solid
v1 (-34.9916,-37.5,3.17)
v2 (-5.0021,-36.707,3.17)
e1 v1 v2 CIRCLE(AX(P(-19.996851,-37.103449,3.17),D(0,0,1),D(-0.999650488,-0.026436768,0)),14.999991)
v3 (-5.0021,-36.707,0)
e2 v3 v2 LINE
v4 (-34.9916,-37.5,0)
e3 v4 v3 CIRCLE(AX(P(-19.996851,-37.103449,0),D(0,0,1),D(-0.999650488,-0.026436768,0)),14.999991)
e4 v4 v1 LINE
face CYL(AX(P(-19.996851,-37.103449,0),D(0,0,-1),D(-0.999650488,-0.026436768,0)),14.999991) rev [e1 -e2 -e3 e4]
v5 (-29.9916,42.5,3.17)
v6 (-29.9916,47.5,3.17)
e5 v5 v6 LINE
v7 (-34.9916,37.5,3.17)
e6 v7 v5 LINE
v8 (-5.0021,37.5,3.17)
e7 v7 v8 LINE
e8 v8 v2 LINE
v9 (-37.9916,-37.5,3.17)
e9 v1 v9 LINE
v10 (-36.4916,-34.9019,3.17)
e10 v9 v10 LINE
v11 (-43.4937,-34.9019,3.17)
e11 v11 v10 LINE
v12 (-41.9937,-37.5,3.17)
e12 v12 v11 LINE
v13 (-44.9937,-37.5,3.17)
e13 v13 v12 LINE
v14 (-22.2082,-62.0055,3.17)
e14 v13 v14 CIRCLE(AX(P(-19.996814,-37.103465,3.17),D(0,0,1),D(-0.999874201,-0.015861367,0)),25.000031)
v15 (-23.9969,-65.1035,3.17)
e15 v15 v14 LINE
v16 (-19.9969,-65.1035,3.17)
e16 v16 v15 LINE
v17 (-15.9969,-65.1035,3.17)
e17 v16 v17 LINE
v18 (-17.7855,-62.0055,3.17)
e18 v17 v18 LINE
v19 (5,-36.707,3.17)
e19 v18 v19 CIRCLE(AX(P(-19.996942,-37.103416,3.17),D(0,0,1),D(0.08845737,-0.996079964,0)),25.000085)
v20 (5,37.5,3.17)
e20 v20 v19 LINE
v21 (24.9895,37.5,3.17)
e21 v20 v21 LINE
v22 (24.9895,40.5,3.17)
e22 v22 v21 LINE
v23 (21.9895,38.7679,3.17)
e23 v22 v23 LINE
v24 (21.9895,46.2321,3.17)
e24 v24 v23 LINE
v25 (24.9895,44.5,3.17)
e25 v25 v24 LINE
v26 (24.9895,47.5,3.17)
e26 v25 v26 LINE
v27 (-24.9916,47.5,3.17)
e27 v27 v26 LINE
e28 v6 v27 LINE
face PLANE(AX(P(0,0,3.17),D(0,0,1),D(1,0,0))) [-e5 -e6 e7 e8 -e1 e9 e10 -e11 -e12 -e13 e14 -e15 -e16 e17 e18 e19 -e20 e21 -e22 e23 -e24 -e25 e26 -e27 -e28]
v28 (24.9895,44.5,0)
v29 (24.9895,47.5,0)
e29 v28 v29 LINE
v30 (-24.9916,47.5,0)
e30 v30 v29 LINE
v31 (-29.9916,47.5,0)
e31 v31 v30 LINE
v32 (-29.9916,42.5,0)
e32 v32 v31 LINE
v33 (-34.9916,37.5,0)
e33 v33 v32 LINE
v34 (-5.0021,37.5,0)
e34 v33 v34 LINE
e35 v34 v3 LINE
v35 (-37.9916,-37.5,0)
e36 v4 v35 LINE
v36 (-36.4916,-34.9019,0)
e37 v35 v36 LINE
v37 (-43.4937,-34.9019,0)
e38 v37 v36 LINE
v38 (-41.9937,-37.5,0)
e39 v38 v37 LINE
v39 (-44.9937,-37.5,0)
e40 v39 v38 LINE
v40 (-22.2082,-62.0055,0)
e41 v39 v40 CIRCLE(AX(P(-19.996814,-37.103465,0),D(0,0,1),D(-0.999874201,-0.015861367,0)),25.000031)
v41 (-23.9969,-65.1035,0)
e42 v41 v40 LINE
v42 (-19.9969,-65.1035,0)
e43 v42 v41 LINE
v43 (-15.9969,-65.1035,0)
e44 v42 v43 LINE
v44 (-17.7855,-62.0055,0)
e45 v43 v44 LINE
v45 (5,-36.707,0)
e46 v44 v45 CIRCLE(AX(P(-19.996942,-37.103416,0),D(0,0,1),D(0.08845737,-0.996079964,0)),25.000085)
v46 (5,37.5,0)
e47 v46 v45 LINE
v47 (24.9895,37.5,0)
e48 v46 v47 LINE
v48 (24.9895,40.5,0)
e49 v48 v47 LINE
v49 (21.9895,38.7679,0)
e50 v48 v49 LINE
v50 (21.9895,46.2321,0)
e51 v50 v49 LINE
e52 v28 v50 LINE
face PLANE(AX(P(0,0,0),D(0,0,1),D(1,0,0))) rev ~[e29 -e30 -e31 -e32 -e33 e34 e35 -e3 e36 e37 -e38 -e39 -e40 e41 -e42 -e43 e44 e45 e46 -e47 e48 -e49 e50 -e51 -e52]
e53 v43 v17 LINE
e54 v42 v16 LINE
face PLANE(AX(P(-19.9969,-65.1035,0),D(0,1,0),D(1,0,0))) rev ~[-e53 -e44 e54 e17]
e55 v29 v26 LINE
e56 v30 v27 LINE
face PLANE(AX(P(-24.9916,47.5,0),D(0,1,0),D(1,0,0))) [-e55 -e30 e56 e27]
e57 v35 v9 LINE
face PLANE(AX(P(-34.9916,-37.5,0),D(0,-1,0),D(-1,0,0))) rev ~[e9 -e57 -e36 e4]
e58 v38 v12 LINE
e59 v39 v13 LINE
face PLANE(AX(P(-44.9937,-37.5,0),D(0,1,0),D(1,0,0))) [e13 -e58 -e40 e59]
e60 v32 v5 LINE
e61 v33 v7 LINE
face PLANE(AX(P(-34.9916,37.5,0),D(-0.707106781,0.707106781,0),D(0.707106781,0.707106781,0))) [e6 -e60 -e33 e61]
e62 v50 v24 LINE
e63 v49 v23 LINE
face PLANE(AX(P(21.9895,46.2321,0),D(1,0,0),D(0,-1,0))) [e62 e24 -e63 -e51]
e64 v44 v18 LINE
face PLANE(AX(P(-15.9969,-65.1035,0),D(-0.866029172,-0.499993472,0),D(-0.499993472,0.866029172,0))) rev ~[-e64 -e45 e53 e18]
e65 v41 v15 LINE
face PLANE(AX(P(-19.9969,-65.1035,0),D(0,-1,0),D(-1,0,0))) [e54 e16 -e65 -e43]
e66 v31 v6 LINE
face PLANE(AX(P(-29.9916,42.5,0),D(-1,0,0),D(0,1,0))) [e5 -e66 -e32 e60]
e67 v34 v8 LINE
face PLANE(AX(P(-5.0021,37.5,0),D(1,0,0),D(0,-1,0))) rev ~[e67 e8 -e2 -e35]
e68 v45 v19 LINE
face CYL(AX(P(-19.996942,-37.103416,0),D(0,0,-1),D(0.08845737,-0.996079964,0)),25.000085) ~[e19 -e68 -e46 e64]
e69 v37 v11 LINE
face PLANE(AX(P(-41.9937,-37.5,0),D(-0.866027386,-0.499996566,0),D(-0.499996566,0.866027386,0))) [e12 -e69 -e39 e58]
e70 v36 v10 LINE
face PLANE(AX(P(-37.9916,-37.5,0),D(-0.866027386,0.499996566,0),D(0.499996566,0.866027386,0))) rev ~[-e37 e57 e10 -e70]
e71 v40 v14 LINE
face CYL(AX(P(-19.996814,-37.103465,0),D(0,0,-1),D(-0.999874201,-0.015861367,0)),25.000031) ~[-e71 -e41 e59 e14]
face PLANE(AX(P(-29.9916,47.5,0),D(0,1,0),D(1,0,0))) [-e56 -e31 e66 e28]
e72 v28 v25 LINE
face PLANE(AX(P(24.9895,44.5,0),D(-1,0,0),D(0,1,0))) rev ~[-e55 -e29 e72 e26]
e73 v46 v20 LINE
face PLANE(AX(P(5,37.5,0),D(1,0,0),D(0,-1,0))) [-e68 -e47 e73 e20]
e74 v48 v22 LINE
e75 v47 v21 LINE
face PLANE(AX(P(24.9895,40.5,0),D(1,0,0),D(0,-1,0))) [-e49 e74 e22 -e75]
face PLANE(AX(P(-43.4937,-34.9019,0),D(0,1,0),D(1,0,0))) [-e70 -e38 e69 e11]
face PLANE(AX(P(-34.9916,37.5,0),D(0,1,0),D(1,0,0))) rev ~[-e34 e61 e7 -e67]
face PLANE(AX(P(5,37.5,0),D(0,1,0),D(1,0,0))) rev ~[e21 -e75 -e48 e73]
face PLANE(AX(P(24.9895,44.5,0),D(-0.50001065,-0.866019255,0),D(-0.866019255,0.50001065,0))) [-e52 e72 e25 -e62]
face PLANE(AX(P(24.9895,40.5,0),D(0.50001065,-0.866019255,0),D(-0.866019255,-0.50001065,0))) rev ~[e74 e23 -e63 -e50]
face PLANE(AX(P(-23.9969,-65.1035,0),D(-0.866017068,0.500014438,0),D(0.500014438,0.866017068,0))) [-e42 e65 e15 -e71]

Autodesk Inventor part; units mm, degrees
ref_plane "YZ Plane" through (0, 0, 0) normal (1, 0, 0) x (0, 1, 0)
ref_plane "XZ Plane" through (0, 0, 0) normal (0, 1, 0) x (-1, 0, 0)
ref_plane "XY Plane" through (0, 0, 0) normal (0, 0, 1) x (1, 0, 0)
sketch "Sketch1" plane through (0, 0, 0) normal (0, 0, 1) x (1, 0, 0)
  line L0 (5, 37.5) -> (5, -36.707)
  line L1 (-0.001, -37.5) -> (-0.001, 47.5) construction
  line L2 (-5.0021, 37.5) -> (-5.0021, -36.707)
  arc A0 (-34.9916, -37.5) -> (-5.0021, -36.707) centre (-19.9969, -37.1035) ccw
  line L3 (5, 37.5) -> (24.9895, 37.5)
  line L4 (-24.9916, 47.5) -> (24.9895, 47.5)
  line L5 (-41.9937, -37.5) -> (-43.4937, -34.9019)
  line L6 (-41.9937, -37.5) -> (-38.9937, -37.5) construction
  line L7 (-44.9937, -37.5) -> (-41.9937, -37.5)
  line L8 (-34.9916, -37.5) -> (-37.9916, -37.5)
  line L9 (-37.9916, -37.5) -> (-36.4916, -34.9019)
  line L10 (-37.9916, -37.5) -> (-34.9916, -37.5) construction
  line L11 (-43.4937, -34.9019) -> (-36.4916, -34.9019)
  line L12 (-34.9916, -37.5) -> (-34.9916, 37.5) construction
  line L13 (-34.9916, -37.5) -> (40.0084, -37.5) construction
  line L14 (-5.0021, 37.5) -> (5, 37.5) construction
  line L15 (-34.9916, 37.5) -> (-5.0021, 37.5)
  line L16 (-34.9916, 37.5) -> (-20.8495, 37.5) construction
  line L17 (-29.9916, 42.5) -> (-29.9916, 47.5)
  line L18 (-29.9916, 47.5) -> (-24.9916, 47.5)
  line L19 (-34.9916, 37.5) -> (-29.9916, 42.5)
  line L20 (24.9895, 44.5) -> (21.9895, 46.2321)
  line L21 (24.9895, 40.5) -> (21.9895, 38.7679)
  line L22 (21.9895, 46.2321) -> (21.9895, 38.7679)
  line L23 (24.9895, 44.5) -> (24.9895, 47.5)
  line L24 (24.9895, 40.5) -> (24.9895, 37.5)
  line L25 (-19.9969, -62.1035) -> (-19.9969, -65.1035) construction
  line L26 (-19.9969, -65.1035) -> (-15.9969, -65.1035)
  line L27 (-15.9969, -65.1035) -> (-17.7855, -62.0055)
  line L28 (-19.9969, -65.1035) -> (-23.9969, -65.1035)
  line L29 (-23.9969, -65.1035) -> (-22.2082, -62.0055)
  arc A1 (-17.7855, -62.0055) -> (5, -36.707) centre (-19.9969, -37.1035) ccw
  arc A2 (-44.9937, -37.5) -> (-22.2082, -62.0055) centre (-19.9969, -37.1035) ccw
  point P0 (0, 0)
  dimension "d5" = 5
  dimension "d7" = 50
  dimension "d16" = 37.5
  dimension "d17" = 10
  dimension "d18" = 75
  dimension "d20" = 3
  dimension "d22" = 3
  dimension "d25" = 60
  dimension "d26" = 60
  dimension "d28" = 75
  dimension "d29" = 90
  dimension "d31" = 10
  dimension "d32" = 45
  dimension "d33" = 5
  dimension "d39" = 3
  dimension "d41" = 3
  dimension "d42" = 60
  dimension "d43" = 60
  dimension "d45" = 3
  dimension "d46" = 19.9895
  dimension "d47" = 24.9906
  dimension "d48" = 45.839
  dimension "d49" = 3
  dimension "d50" = 4
  dimension "d51" = 60
  dimension "d52" = 4
  dimension "d53" = 25
  dimension "d54" = 25
  dimension "d55" = 15
  dimension "d56" = 44.9864
  dimension "d57" = 112.6035
extrude "Extrusion1" add sketch "Sketch1" along normal blind 3.17
properties part number "Liu_Inital_J" material "Polycarbonate, Smoke"
